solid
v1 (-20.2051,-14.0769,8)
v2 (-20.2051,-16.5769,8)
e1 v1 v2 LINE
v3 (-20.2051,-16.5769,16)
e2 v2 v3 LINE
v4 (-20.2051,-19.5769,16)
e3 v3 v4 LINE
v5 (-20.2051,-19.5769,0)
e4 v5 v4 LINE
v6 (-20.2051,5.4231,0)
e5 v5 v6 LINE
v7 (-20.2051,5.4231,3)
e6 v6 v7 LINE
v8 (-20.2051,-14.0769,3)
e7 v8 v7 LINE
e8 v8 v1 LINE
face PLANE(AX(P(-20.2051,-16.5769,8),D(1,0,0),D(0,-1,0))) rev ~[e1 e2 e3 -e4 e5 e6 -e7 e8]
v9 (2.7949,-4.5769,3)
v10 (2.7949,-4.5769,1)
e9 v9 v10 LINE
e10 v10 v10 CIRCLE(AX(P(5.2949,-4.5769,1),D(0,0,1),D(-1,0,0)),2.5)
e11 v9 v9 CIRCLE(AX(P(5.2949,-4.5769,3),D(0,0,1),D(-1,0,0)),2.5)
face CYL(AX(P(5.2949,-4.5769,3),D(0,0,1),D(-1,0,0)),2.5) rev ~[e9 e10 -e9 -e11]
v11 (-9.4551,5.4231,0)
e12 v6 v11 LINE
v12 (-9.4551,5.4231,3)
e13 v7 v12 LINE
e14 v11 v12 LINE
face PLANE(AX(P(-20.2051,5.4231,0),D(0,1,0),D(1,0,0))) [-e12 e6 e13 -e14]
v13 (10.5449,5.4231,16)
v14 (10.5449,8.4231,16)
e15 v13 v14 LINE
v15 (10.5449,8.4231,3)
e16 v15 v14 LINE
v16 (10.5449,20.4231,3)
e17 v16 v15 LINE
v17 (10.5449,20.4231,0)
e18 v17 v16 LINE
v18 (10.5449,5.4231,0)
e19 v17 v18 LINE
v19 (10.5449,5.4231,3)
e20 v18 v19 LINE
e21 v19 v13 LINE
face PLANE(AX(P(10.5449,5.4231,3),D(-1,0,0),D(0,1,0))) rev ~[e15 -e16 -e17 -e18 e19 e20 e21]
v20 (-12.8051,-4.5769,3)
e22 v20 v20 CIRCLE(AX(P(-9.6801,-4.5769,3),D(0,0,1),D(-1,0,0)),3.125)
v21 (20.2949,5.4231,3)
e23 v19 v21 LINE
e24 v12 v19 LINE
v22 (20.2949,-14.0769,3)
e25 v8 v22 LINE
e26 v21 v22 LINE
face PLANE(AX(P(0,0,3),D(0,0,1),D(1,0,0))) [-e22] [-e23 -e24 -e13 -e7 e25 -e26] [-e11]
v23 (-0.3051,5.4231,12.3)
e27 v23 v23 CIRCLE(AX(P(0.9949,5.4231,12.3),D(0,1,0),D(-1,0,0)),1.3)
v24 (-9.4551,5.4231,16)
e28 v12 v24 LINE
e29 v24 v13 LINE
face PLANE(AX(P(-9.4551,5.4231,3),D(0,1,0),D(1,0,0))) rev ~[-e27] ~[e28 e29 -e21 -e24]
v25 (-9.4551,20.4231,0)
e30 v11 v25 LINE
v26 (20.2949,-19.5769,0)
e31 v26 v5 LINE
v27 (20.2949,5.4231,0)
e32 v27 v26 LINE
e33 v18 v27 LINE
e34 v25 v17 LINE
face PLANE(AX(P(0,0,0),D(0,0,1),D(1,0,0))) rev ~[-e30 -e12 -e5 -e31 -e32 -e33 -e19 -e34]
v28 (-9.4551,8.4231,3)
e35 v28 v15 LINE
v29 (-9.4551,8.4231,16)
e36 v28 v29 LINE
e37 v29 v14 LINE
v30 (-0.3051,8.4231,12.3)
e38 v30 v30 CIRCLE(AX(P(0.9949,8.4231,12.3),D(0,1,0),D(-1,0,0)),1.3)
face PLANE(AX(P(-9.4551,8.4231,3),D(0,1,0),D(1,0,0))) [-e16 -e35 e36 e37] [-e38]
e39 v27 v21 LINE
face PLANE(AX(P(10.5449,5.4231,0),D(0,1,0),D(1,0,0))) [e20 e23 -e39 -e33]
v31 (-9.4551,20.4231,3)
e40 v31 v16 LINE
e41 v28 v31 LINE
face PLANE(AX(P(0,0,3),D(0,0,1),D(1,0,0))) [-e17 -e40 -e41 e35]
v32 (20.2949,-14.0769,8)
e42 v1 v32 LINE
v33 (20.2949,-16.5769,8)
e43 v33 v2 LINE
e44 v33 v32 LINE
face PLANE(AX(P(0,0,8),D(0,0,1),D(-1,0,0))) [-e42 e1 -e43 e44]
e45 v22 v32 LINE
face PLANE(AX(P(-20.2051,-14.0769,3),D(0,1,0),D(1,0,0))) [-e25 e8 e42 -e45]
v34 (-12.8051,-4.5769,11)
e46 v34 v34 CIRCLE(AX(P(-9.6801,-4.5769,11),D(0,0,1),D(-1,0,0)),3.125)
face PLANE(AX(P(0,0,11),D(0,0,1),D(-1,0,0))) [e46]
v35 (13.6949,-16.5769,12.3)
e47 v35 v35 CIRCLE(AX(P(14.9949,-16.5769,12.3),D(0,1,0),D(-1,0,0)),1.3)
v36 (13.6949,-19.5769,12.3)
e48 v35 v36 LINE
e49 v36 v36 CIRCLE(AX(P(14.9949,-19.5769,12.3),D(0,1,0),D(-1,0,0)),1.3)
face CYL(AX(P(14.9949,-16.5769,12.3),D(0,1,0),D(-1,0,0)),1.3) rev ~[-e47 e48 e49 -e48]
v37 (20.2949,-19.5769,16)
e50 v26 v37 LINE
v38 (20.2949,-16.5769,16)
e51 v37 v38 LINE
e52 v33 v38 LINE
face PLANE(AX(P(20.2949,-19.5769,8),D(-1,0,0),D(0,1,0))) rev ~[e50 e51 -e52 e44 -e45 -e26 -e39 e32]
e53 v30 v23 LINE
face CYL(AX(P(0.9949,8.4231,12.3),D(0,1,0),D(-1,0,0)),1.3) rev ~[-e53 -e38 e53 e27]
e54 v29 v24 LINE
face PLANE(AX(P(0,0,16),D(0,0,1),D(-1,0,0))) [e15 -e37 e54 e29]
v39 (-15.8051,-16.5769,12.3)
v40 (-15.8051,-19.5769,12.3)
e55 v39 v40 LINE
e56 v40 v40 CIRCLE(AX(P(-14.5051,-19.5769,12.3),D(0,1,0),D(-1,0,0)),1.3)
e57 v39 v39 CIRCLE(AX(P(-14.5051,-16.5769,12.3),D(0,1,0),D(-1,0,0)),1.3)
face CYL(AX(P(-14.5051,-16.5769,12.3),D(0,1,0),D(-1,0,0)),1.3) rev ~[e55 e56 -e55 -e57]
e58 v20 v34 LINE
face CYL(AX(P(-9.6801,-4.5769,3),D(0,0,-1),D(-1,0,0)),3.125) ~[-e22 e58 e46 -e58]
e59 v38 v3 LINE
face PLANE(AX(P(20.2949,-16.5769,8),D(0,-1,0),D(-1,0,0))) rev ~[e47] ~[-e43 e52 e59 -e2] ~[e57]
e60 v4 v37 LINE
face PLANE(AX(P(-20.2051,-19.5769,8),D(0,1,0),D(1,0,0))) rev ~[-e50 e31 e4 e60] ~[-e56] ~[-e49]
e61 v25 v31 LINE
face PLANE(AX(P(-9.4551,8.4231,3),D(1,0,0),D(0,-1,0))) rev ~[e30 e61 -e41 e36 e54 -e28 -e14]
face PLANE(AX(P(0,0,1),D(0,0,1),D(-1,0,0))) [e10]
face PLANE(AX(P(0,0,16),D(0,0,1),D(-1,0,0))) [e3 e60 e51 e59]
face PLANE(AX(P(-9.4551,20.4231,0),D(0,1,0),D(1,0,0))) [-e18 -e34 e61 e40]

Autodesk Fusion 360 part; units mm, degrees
sketch "Base" plane through (0, 0, 0) normal (0, 0, 1) x (1, 0, 0)
  line L0 (-9.4551, 20.4231) -> (10.5449, 20.4231)
  line L1 (20.2949, 5.4231) -> (20.2949, -19.5769)
  line L2 (20.2949, -19.5769) -> (-20.2051, -19.5769)
  line L3 (-20.2051, -19.5769) -> (-20.2051, 5.4231)
  line L4 (-20.2051, 5.4231) -> (-9.4551, 5.4231)
  line L5 (-9.4551, 5.4231) -> (-9.4551, 20.4231)
  line L6 (10.5449, 20.4231) -> (10.5449, 5.4231)
  line L7 (10.5449, 5.4231) -> (20.2949, 5.4231)
  dimension "d1" = 40
  dimension "d2" = 40.5
  dimension "d3" = 25
  dimension "d4" = 25
  dimension "d5" = 10.75
  dimension "d6" = 20
extrude "Extrude1" add sketch "Base" along normal blind 3
sketch "Messurements" plane through (0, 0, 3) normal (0, 0, 1) x (-1, 0, 0)
  line L0 (-10.5449, -5.4231) -> (-10.5449, -20.4231)
  line L1 (-10.5449, -20.4231) -> (9.4551, -20.4231)
  line L2 (9.4551, -20.4231) -> (9.4551, -5.4231)
  line L3 (9.4551, -5.4231) -> (20.2051, -5.4231)
  line L4 (20.2051, -5.4231) -> (20.2051, 19.5769)
  line L5 (20.2051, 19.5769) -> (-20.2949, 19.5769)
  line L6 (-20.2949, 19.5769) -> (-20.2949, -5.4231)
  line L7 (-20.2949, -5.4231) -> (-10.5449, -5.4231)
  line L8 (20.2051, 14.0769) -> (-20.2949, 14.0769)
  line L9 (9.4551, -5.4231) -> (-10.5449, -5.4231)
  line L10 (9.4551, -8.4231) -> (-10.5449, -8.4231)
  circle A0 centre (-5.2949, 4.5769) radius 2.5
  circle A1 centre (9.6801, 4.5769) radius 3.125
  dimension "d9" = 5.5
  dimension "d10" = 3
  dimension "d11" = 5
  dimension "d12" = 6.25
  dimension "d13" = 15
  dimension "d14" = 10
  dimension "d15" = 10
  dimension "d16" = 10.525
extrude "Extrude2" cut sketch "Messurements" against normal blind 2 contours A0
extrude "Extrude3" add sketch "Messurements" along normal blind 8 contours A1
extrude "Extrude4" add sketch "Messurements" along normal blind 5 contours L4 L5 L6 L8
extrude "Extrude5" add sketch "Messurements" along normal blind 13 contours L0 L2 L9 L10
sketch "Other" plane through (0, 0, 8) normal (0, 0, 1) x (-1, 0, 0)
  line L0 (20.2051, 19.5769) -> (-20.2949, 19.5769)
  line L1 (-20.2949, 19.5769) -> (-20.2949, 14.0769)
  line L2 (-20.2949, 14.0769) -> (20.2051, 14.0769)
  line L3 (20.2051, 14.0769) -> (20.2051, 19.5769)
  line L4 (20.2051, 14.0769) -> (-20.2949, 14.0769)
  line L5 (-20.2949, 16.5769) -> (20.2051, 16.5769)
  dimension "d28" = 2.5
extrude "Extrude6" add sketch "Other" along normal blind 8 contours L0 L1 L3 L5
sketch "Attachment2" plane through (0, -16.5769, 0) normal (0, 1, 0) x (-1, 0, 0)
  line L0 (-20.2949, 8) -> (20.2051, 8)
  line L1 (20.2051, 8) -> (20.2051, 16)
  line L2 (20.2051, 16) -> (-20.2949, 16)
  line L3 (-20.2949, 16) -> (-20.2949, 8)
  circle A0 centre (-14.9949, 12.3) radius 1.3
  circle A1 centre (14.5051, 12.3) radius 1.3
  dimension "d31" = 2.6
  dimension "d32" = 3.7
  dimension "d33" = 5.3
  dimension "d34" = 2.6
  dimension "d35" = 5.7
  dimension "d36" = 3.7
extrude "Extrude7" cut sketch "Attachment2" against normal through all contours A0
extrude "Extrude8" cut sketch "Attachment2" against normal through all contours A1
sketch "Attachment" plane through (0, 8.4231, 0) normal (0, 1, 0) x (-1, 0, 0)
  line L0 (-10.5449, 3) -> (9.4551, 3)
  line L1 (9.4551, 3) -> (9.4551, 16)
  line L2 (9.4551, 16) -> (-10.5449, 16)
  line L3 (-10.5449, 16) -> (-10.5449, 3)
  circle A0 centre (-0.9949, 12.3) radius 1.3
  dimension "d39" = 2.6
  dimension "d40" = 3.7
  dimension "d41" = 9.55
extrude "Extrude9" cut sketch "Attachment" against normal blind 4 contours A0
